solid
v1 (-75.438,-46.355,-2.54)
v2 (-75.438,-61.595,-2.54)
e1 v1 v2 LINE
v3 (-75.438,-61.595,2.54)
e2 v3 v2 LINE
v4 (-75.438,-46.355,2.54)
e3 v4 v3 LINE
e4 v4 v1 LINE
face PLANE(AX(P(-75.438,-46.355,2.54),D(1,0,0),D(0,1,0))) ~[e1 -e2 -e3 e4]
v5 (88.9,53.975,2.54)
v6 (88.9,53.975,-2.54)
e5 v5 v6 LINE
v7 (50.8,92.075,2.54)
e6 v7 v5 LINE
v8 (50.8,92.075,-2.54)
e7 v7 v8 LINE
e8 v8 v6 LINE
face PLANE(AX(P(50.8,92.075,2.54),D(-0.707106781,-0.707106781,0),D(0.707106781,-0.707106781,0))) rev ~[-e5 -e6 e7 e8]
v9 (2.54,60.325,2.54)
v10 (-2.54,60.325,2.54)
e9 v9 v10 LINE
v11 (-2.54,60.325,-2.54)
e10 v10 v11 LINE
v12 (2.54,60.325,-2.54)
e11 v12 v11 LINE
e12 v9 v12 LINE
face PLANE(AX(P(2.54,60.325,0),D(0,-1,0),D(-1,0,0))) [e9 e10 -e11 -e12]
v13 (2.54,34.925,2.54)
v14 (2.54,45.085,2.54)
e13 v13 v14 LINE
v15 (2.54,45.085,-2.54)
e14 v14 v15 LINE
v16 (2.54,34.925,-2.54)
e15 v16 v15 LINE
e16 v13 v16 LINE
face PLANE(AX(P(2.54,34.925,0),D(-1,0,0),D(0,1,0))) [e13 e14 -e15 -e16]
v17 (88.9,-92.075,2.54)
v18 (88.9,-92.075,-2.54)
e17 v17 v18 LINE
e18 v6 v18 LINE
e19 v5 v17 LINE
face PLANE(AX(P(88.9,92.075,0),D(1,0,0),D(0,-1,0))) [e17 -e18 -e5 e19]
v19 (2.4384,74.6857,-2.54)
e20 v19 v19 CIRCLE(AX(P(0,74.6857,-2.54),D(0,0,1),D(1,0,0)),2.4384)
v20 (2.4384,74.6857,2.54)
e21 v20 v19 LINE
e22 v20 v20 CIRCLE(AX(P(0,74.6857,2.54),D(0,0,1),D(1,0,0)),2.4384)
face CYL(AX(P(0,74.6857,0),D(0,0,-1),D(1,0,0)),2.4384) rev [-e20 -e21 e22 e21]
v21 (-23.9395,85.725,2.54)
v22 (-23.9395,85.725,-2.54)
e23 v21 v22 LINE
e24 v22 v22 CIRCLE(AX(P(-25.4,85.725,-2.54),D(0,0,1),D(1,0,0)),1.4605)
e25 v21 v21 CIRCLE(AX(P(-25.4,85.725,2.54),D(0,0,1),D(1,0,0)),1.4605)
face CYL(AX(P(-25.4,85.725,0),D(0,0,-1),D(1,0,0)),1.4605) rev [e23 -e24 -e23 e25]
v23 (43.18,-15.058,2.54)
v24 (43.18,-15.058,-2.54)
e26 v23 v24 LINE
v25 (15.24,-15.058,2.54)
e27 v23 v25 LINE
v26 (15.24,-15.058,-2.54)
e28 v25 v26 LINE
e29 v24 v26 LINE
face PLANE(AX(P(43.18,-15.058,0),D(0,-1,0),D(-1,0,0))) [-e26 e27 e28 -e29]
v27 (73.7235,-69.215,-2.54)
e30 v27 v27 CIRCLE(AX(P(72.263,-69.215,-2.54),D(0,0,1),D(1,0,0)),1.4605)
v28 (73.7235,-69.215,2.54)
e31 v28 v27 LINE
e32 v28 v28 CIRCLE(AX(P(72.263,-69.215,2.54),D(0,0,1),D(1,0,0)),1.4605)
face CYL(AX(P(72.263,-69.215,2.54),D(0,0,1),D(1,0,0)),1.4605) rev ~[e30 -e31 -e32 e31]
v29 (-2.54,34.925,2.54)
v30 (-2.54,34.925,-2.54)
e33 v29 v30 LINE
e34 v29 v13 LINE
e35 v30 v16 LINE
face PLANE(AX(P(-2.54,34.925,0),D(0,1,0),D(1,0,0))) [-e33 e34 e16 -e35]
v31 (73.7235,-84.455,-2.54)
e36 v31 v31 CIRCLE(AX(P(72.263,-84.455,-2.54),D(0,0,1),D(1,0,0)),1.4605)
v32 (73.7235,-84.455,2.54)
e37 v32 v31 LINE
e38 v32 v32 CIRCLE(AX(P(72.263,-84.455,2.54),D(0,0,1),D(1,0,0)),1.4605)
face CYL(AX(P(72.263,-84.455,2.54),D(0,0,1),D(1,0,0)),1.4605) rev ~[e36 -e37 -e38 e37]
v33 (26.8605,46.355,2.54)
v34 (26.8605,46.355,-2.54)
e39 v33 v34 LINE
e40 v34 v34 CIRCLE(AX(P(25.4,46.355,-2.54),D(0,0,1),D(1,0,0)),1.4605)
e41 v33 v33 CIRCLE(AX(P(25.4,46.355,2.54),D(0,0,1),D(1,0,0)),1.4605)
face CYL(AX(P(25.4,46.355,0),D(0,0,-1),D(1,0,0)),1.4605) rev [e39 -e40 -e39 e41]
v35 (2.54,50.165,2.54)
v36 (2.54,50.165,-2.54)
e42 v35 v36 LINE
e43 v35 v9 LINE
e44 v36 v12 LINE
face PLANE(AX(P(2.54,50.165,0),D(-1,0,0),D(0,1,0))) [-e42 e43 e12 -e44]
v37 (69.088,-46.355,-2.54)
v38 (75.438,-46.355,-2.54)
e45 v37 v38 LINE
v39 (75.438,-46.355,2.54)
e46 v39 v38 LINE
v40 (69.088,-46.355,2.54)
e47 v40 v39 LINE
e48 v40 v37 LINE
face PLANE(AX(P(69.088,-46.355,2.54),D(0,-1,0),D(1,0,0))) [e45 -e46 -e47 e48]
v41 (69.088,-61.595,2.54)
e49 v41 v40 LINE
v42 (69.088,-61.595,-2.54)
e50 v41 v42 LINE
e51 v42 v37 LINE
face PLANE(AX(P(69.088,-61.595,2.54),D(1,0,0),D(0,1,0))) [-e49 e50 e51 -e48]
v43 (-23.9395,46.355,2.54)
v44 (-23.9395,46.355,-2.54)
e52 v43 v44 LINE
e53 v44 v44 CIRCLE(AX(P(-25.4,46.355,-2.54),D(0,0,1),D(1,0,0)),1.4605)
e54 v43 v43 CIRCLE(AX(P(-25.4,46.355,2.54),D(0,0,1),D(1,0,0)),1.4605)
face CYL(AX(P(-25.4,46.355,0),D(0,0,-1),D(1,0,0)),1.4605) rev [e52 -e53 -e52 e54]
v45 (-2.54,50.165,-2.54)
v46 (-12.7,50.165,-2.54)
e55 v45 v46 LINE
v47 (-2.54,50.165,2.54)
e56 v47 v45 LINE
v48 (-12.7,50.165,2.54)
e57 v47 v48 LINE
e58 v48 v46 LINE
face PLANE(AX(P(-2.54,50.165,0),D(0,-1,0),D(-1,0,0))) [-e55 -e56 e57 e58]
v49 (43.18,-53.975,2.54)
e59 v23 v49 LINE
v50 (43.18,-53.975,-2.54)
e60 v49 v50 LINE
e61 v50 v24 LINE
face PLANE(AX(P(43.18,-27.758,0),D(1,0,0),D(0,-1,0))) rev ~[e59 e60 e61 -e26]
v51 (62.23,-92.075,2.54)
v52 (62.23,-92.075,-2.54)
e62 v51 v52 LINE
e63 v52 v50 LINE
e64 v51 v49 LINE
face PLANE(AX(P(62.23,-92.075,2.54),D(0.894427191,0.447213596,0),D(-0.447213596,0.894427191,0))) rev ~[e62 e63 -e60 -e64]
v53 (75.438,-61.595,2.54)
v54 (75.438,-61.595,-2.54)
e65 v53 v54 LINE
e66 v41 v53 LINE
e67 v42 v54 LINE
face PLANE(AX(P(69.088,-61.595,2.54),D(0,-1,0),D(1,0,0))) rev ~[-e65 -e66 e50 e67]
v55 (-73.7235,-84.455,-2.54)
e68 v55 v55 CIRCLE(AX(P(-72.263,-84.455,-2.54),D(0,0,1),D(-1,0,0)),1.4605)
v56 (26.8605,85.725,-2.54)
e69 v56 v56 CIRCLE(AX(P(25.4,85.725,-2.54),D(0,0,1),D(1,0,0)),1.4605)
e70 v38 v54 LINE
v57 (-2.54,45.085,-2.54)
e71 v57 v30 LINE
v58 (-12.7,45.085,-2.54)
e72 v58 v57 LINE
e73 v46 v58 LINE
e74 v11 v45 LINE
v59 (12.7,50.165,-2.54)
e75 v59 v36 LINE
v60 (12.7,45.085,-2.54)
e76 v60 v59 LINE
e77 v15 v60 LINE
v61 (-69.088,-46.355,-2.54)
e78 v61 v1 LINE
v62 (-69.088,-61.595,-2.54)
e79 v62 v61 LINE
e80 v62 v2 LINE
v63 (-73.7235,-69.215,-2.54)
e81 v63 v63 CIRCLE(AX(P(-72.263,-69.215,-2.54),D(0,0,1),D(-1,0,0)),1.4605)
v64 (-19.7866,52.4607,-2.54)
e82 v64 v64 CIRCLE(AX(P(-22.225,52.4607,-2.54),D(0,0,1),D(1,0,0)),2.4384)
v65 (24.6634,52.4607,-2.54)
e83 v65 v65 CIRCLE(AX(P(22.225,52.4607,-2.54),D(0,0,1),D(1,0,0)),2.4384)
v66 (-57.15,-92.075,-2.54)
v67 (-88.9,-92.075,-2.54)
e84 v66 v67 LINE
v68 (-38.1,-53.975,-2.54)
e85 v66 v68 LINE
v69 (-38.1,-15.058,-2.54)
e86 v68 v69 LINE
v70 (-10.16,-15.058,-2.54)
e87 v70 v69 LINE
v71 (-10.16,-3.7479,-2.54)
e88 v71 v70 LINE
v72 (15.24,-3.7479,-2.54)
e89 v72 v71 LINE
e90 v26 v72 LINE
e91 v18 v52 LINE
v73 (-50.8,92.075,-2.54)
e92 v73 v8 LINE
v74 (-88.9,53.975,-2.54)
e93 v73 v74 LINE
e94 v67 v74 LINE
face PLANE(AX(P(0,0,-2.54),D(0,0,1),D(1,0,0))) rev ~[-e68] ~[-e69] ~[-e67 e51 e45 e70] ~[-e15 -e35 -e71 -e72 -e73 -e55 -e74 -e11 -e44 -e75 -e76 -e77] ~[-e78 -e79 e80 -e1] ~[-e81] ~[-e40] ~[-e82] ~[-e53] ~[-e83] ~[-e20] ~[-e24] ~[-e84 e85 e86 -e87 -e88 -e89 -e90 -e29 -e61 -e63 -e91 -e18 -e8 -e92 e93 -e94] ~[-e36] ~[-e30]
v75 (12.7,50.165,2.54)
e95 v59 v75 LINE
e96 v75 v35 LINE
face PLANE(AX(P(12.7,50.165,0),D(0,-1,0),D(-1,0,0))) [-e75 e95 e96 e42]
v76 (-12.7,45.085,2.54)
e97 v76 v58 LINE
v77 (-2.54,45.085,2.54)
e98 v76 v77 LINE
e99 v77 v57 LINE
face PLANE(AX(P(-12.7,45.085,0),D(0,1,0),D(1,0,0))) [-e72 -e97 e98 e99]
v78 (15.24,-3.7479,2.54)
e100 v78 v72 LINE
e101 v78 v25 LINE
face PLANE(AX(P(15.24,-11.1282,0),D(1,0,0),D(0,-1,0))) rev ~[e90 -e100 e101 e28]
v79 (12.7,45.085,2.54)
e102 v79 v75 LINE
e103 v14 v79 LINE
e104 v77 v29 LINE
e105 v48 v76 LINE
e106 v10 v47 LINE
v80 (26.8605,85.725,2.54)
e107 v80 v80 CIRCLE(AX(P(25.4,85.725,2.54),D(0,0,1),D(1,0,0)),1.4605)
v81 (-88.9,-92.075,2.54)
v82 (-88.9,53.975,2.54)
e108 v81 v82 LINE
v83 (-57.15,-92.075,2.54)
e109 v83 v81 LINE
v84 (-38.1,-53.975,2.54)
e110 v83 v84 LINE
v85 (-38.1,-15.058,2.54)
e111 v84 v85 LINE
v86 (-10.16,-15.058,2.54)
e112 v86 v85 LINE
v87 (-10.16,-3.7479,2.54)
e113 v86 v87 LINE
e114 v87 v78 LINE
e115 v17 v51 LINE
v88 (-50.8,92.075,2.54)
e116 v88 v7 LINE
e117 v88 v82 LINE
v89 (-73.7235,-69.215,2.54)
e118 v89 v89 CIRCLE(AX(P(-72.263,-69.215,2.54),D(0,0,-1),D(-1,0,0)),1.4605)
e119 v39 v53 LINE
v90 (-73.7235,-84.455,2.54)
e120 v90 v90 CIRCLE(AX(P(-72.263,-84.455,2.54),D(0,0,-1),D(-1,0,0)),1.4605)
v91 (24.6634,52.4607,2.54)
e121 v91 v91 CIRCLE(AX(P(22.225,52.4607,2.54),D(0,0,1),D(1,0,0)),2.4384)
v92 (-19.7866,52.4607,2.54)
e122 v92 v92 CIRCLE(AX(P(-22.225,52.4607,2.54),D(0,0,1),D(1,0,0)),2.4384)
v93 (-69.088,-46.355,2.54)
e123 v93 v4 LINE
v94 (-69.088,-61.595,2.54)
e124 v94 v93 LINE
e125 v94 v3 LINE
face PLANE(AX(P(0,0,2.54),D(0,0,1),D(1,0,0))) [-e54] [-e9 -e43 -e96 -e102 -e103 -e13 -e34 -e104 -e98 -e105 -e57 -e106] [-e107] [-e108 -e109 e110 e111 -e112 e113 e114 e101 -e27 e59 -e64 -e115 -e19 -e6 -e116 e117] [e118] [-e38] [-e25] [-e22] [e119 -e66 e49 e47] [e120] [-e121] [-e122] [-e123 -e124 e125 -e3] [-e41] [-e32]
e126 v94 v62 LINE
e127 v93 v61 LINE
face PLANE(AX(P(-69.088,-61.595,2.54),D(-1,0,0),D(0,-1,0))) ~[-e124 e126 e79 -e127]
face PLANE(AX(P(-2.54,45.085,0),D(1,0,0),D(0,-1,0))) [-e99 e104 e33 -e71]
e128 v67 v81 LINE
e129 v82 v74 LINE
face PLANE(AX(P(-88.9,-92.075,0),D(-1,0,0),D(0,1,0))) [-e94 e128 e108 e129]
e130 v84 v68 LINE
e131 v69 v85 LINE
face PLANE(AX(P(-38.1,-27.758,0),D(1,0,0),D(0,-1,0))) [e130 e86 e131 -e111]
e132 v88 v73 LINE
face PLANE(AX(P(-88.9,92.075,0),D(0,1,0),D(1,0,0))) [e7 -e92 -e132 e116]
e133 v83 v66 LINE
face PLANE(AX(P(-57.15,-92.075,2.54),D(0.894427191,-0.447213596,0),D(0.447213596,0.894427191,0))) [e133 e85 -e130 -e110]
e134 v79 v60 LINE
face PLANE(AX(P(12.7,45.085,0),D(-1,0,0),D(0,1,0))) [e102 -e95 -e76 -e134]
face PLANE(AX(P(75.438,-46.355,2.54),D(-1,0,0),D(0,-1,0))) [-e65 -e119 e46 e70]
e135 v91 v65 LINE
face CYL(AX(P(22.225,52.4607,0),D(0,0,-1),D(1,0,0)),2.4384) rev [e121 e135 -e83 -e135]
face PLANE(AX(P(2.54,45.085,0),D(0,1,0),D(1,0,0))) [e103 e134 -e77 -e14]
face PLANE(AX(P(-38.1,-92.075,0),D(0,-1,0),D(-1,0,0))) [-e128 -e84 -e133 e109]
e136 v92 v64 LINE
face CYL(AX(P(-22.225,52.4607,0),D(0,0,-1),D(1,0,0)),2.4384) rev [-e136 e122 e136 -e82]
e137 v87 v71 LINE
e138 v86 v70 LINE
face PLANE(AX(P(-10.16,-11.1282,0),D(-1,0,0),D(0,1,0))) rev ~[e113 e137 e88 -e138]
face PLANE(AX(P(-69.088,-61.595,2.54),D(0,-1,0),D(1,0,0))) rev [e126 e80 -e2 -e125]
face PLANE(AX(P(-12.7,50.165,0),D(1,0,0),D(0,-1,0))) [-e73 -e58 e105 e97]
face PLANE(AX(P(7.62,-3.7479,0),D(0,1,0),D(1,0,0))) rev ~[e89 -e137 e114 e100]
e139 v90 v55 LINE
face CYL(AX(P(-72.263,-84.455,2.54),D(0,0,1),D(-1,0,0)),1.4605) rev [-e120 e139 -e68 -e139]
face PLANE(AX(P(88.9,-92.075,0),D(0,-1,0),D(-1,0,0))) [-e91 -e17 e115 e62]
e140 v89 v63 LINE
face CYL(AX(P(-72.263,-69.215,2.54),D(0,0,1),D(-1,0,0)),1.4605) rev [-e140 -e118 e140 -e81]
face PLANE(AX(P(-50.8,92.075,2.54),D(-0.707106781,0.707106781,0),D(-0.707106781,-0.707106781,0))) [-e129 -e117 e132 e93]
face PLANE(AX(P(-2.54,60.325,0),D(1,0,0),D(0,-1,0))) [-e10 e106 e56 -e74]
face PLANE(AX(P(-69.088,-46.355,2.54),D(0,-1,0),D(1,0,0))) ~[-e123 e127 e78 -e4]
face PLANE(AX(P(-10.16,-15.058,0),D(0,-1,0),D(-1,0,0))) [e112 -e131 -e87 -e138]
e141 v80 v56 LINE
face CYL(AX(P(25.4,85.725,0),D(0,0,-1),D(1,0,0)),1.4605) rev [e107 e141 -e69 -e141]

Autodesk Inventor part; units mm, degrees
ref_plane "YZ Plane" through (0, 0, 0) normal (1, 0, 0) x (0, 1, 0)
ref_plane "XZ Plane" through (0, 0, 0) normal (0, 1, 0) x (-1, 0, 0)
ref_plane "XY Plane" through (0, 0, 0) normal (0, 0, 1) x (1, 0, 0)
sketch "Sketch1" plane through (0, 0, 0) normal (0, 0, 1) x (1, 0, 0)
  line L0 (-88.9, -92.075) -> (-88.9, 92.075)
  line L1 (-88.9, 92.075) -> (88.9, 92.075)
  line L2 (88.9, 92.075) -> (88.9, -92.075)
  line L3 (88.9, -92.075) -> (-88.9, -92.075)
  line L4 (-88.9, -92.075) -> (88.9, 92.075) construction
  line L5 (-88.9, 92.075) -> (88.9, -92.075) construction
  line L6 (-2.54, 53.34) -> (2.54, 53.34) construction
  line L7 (2.54, 78.74) -> (-2.54, 78.74) construction
  line L8 (-12.7, 63.5) -> (-12.7, 68.58) construction
  line L9 (12.7, 68.58) -> (12.7, 63.5) construction
  line L10 (-2.54, 63.5) -> (-12.7, 63.5) construction
  line L11 (-2.54, 63.5) -> (-2.54, 53.34) construction
  line L12 (-2.54, 78.74) -> (-2.54, 68.58) construction
  line L13 (-12.7, 68.58) -> (-2.54, 68.58) construction
  line L14 (2.54, 68.58) -> (12.7, 68.58) construction
  line L15 (12.7, 63.5) -> (2.54, 63.5) construction
  line L16 (2.54, 53.34) -> (2.54, 63.5) construction
  line L17 (2.54, 68.58) -> (2.54, 78.74) construction
  circle A0 centre (25.4, 85.725) radius 1.4605
  line L18 (12.7, 66.04) -> (-12.7, 66.04) construction
  line L19 (0, 53.34) -> (0, 78.74) construction
  circle A1 centre (25.4, 46.355) radius 1.4605
  circle A2 centre (-25.4, 85.725) radius 1.4605
  circle A3 centre (-25.4, 46.355) radius 1.4605
  line L20 (12.7, 50.165) -> (-12.7, 50.165)
  line L21 (-12.7, 50.165) -> (-12.7, 45.085)
  line L22 (-12.7, 45.085) -> (12.7, 45.085)
  line L23 (12.7, 45.085) -> (12.7, 50.165)
  line L24 (12.7, 50.165) -> (-12.7, 45.085) construction
  line L25 (-12.7, 50.165) -> (12.7, 45.085) construction
  line L26 (2.54, 60.325) -> (-2.54, 60.325)
  line L27 (-2.54, 60.325) -> (-2.54, 34.925)
  line L28 (-2.54, 34.925) -> (2.54, 34.925)
  line L29 (2.54, 34.925) -> (2.54, 60.325)
  line L30 (2.54, 60.325) -> (-2.54, 34.925) construction
  line L31 (-2.54, 60.325) -> (2.54, 34.925) construction
  circle A4 centre (22.225, 52.4607) radius 2.4384 projected
  circle A5 centre (0, 74.6857) radius 2.4384 projected
  circle A6 centre (-22.225, 52.4607) radius 2.4384 projected
  line L32 (7.62, -36.5282) -> (12.7, -36.5282) projected
  line L33 (12.7, -36.5282) -> (12.7, -11.1282) projected
  line L34 (12.7, -11.1282) -> (12.7, -6.2879) projected
  line L35 (7.62, -6.2879) -> (12.7, -6.2879) projected
  line L36 (2.54, -6.2879) -> (7.62, -6.2879) projected
  line L37 (-2.54, -6.2879) -> (2.54, -6.2879) projected
  line L38 (-7.62, -6.2879) -> (-2.54, -6.2879) projected
  line L39 (-7.62, -11.1282) -> (-7.62, -6.2879) projected
  line L40 (-7.62, -36.5282) -> (-7.62, -11.1282) projected
  line L41 (-2.54, -36.5282) -> (2.54, -36.5282) projected
  line L42 (-7.62, -36.5282) -> (-2.54, -36.5282) projected
  line L43 (2.54, -36.5282) -> (7.62, -36.5282) projected
  line L44 (15.24, -3.7479) -> (15.24, -11.1282)
  line L45 (15.24, -11.1282) -> (15.24, -39.0682)
  line L46 (15.24, -39.0682) -> (7.62, -39.0682)
  line L47 (7.62, -39.0682) -> (2.54, -39.0682)
  line L48 (2.54, -39.0682) -> (-2.54, -39.0682)
  line L49 (-2.54, -39.0682) -> (-10.16, -39.0682)
  line L50 (-10.16, -39.0682) -> (-10.16, -11.1282)
  line L51 (-10.16, -11.1282) -> (-10.16, -3.7479)
  line L52 (-10.16, -3.7479) -> (-2.54, -3.7479)
  line L53 (-2.54, -3.7479) -> (2.54, -3.7479)
  line L54 (2.54, -3.7479) -> (7.62, -3.7479)
  line L55 (7.62, -3.7479) -> (15.24, -3.7479)
  line L56 (-38.1, -27.758) -> (43.18, -27.758)
  line L57 (43.18, -27.758) -> (43.18, -15.058)
  line L58 (43.18, -15.058) -> (-38.1, -15.058)
  line L59 (-38.1, -15.058) -> (-38.1, -27.758)
  line L60 (-38.1, -27.758) -> (43.18, -15.058) construction
  line L61 (43.18, -27.758) -> (-38.1, -15.058) construction
  line L62 (-38.1, -27.758) -> (-38.1, -92.075)
  line L63 (43.18, -27.758) -> (43.18, -92.075)
  point P0 (0, 0)
  point P1 (0, 47.625)
  point P2 (2.54, 50.165)
  point P3 (2.54, 45.085)
  point P4 (-2.54, 45.085)
  point P5 (-2.54, 50.165)
  point P6 (2.54, -21.408)
  point P7 (2.54, -21.408)
  point P8 (-10.16, -27.758)
  point P9 (-10.16, -15.058)
  point P10 (15.24, -15.058)
  point P11 (15.24, -27.758)
  dimension "d0" = 184.15
  dimension "d1" = 177.8
  dimension "d26" = 5.08
  dimension "d27" = 5.08
  dimension "d28" = 6.35
  dimension "d29" = 2.921
  dimension "d30" = 63.5
  dimension "d31" = 25.4
  dimension "d32" = 25.4
  dimension "d33" = 25.4
  dimension "d34" = 5.08
  dimension "d35" = 5.08
  dimension "d36" = 44.45
  dimension "d37" = 88.9
  dimension "d40" = 2.54
  dimension "d41" = 81.28
  dimension "d42" = 12.7
  dimension "d43" = 30.2403
  dimension "d44" = 15.1201
extrude "Extrusion1" add sketch "Sketch1" along normal mid plane 5.08 contours L0 L1 L2 L3 L63 L57 L58 L45 L44 L55 L54 L53 L52 L51 L50 L59 L62
sketch "Sketch2" plane through (0, 0, 2.54) normal (0, 0, 1) x (1, 0, 0)
  circle A0 centre (-22.86, -3.175) radius 1.4605 construction
  circle A1 centre (-12.7, -3.175) radius 1.4605 construction
  line L0 (0, -6.35) -> (0, 0) construction
  line L1 (-25.4, 0) -> (0, 0) construction
  line L2 (-25.4, 0) -> (-25.4, -6.35) construction
  line L3 (0, -6.35) -> (-25.4, -6.35) construction
  line L4 (15.24, -6.35) -> (15.24, 0) construction
  line L5 (0, 0) -> (15.24, 0) construction
  line L6 (0, -6.35) -> (0, 0) construction
  line L7 (15.24, -6.35) -> (0, -6.35) construction
  line L8 (69.088, -61.595) -> (69.088, -46.355)
  line L9 (69.088, -46.355) -> (75.438, -46.355)
  line L10 (75.438, -46.355) -> (75.438, -61.595)
  line L11 (75.438, -86.995) -> (69.088, -86.995) construction
  line L12 (88.9, -92.075) -> (88.9, 92.075) projected
  line L13 (-88.9, -92.075) -> (88.9, -92.075) projected
  line L14 (69.088, -61.595) -> (75.438, -61.595)
  circle A2 centre (72.263, -84.455) radius 1.4605
  circle A3 centre (72.263, -69.215) radius 1.4605
  point P0 (-25.4, -3.175)
  dimension "d14" = 13.462
  dimension "d15" = 6.35
  dimension "d16" = 5.08
  dimension "d17" = 40.64
  dimension "d18" = 15.24
  dimension "d19" = 2.921
  dimension "d20" = 2.921
  dimension "d21" = 15.24
  dimension "d22" = 3.175
  dimension "d23" = 2.54
extrude "Extrusion2" cut sketch "Sketch2" against normal through all
mirror "Mirror1" about plane through (0, 0, 0) normal (1, 0, 0) of "Extrusion2"
sketch "Sketch7" plane through (0, 0, 2.54) normal (0, 0, 1) x (1, 0, 0)
  circle A0 centre (-72.263, -84.455) radius 1.4605 projected
  line L0 (-69.088, -61.595) -> (-75.438, -61.595) projected
  line L1 (-75.438, -61.595) -> (-75.438, -46.355) projected
  line L2 (-75.438, -46.355) -> (-69.088, -46.355) projected
  line L3 (-69.088, -46.355) -> (-69.088, -61.595) projected
  circle A1 centre (-72.263, -69.215) radius 1.4605 projected
  circle A2 centre (72.263, -84.455) radius 1.4605 projected
  circle A3 centre (72.263, -69.215) radius 1.4605 projected
  line L4 (69.088, -46.355) -> (75.438, -46.355) projected
  line L5 (75.438, -46.355) -> (75.438, -61.595) projected
  line L6 (75.438, -61.595) -> (69.088, -61.595) projected
  line L7 (69.088, -61.595) -> (69.088, -46.355) projected
  line L8 (15.24, -3.7479) -> (15.24, -15.058) projected
  line L9 (15.24, -15.058) -> (43.18, -15.058) projected
  line L10 (43.18, -15.058) -> (43.18, -92.075) projected
  line L11 (-10.16, -15.058) -> (-10.16, -3.7479) projected
  line L12 (-38.1, -92.075) -> (-38.1, -15.058) projected
  line L13 (-38.1, -15.058) -> (-10.16, -15.058) projected
  line L14 (-10.16, -3.7479) -> (15.24, -3.7479) projected
  circle A4 centre (-22.225, 52.4607) radius 2.4384 projected
  circle A5 centre (0, 74.6857) radius 2.4384 projected
  circle A6 centre (22.225, 52.4607) radius 2.4384 projected
  circle A7 centre (25.4, 85.725) radius 1.4605 projected
  circle A8 centre (25.4, 46.355) radius 1.4605 projected
  circle A9 centre (-25.4, 85.725) radius 1.4605 projected
  circle A10 centre (-25.4, 46.355) radius 1.4605 projected
  line L15 (-12.7, 45.085) -> (-12.7, 50.165) projected
  line L16 (-12.7, 50.165) -> (-2.54, 50.165) projected
  line L17 (-2.54, 50.165) -> (-2.54, 60.325) projected
  line L18 (-2.54, 60.325) -> (2.54, 60.325) projected
  line L19 (2.54, 60.325) -> (2.54, 50.165) projected
  line L20 (2.54, 50.165) -> (12.7, 50.165) projected
  line L21 (12.7, 50.165) -> (12.7, 45.085) projected
  line L22 (12.7, 45.085) -> (2.54, 45.085) projected
  line L23 (2.54, 45.085) -> (2.54, 34.925) projected
  line L24 (2.54, 34.925) -> (-2.54, 34.925) projected
  line L25 (-2.54, 34.925) -> (-2.54, 45.085) projected
  line L26 (-2.54, 45.085) -> (-12.7, 45.085) projected
  line L27 (-88.9, -92.075) -> (-38.1, -92.075) projected
  line L28 (88.9, -92.075) -> (88.9, 92.075) projected
  line L29 (88.9, 92.075) -> (-88.9, 92.075) projected
  line L30 (-88.9, 92.075) -> (-88.9, -92.075) projected
  line L31 (43.18, -92.075) -> (88.9, -92.075) projected
  point P0 (0, 0)
sketch "Sketch8" plane through (0, 0, 2.54) normal (0, 0, 1) x (1, 0, 0)
  line L0 (-57.15, -92.075) -> (-38.1, -53.975)
  line L1 (0, 0) -> (0, -92.075) construction
  line L2 (-88.9, -92.075) -> (-38.1, -92.075) projected
  line L3 (-38.1, -92.075) -> (-38.1, -15.058) projected
  line L4 (-57.15, -92.075) -> (-38.1, -92.075)
  line L5 (43.18, -15.058) -> (43.18, -92.075) projected
  line L6 (43.18, -92.075) -> (62.23, -92.075)
  line L7 (43.18, -92.075) -> (88.9, -92.075) projected
  line L8 (62.23, -92.075) -> (43.18, -53.975)
  line L9 (43.18, -53.975) -> (43.18, -92.075)
  dimension "d45" = 19.05
  dimension "d46" = 38.1
  dimension "d47" = 19.05
  dimension "d48" = 38.1
extrude "Extrusion3" cut sketch "Sketch8" against normal blind 25.4
sketch "Sketch9" plane through (0, 0, 2.54) normal (0, 0, 1) x (1, 0, 0)
  line L0 (-88.9, 92.075) -> (88.9, 92.075) projected
  line L1 (50.8, 92.075) -> (88.9, 53.975)
  line L2 (88.9, 53.975) -> (88.9, 92.075)
  line L3 (88.9, 92.075) -> (50.8, 92.075)
  line L4 (-88.9, -92.075) -> (-88.9, 92.075) projected
  line L5 (-88.9, 92.075) -> (-88.9, 53.975)
  line L6 (-50.8, 92.075) -> (-88.9, 53.975)
  line L7 (-88.9, 92.075) -> (-50.8, 92.075)
  point P0 (0, 0)
  dimension "d51" = 38.1
  dimension "d52" = 38.1
  dimension "d53" = 38.1
extrude "Extrusion4" cut sketch "Sketch9" against normal blind 25.4
equation "\"d44\" = 0.5 * d43"
properties part number "BoardProj"
